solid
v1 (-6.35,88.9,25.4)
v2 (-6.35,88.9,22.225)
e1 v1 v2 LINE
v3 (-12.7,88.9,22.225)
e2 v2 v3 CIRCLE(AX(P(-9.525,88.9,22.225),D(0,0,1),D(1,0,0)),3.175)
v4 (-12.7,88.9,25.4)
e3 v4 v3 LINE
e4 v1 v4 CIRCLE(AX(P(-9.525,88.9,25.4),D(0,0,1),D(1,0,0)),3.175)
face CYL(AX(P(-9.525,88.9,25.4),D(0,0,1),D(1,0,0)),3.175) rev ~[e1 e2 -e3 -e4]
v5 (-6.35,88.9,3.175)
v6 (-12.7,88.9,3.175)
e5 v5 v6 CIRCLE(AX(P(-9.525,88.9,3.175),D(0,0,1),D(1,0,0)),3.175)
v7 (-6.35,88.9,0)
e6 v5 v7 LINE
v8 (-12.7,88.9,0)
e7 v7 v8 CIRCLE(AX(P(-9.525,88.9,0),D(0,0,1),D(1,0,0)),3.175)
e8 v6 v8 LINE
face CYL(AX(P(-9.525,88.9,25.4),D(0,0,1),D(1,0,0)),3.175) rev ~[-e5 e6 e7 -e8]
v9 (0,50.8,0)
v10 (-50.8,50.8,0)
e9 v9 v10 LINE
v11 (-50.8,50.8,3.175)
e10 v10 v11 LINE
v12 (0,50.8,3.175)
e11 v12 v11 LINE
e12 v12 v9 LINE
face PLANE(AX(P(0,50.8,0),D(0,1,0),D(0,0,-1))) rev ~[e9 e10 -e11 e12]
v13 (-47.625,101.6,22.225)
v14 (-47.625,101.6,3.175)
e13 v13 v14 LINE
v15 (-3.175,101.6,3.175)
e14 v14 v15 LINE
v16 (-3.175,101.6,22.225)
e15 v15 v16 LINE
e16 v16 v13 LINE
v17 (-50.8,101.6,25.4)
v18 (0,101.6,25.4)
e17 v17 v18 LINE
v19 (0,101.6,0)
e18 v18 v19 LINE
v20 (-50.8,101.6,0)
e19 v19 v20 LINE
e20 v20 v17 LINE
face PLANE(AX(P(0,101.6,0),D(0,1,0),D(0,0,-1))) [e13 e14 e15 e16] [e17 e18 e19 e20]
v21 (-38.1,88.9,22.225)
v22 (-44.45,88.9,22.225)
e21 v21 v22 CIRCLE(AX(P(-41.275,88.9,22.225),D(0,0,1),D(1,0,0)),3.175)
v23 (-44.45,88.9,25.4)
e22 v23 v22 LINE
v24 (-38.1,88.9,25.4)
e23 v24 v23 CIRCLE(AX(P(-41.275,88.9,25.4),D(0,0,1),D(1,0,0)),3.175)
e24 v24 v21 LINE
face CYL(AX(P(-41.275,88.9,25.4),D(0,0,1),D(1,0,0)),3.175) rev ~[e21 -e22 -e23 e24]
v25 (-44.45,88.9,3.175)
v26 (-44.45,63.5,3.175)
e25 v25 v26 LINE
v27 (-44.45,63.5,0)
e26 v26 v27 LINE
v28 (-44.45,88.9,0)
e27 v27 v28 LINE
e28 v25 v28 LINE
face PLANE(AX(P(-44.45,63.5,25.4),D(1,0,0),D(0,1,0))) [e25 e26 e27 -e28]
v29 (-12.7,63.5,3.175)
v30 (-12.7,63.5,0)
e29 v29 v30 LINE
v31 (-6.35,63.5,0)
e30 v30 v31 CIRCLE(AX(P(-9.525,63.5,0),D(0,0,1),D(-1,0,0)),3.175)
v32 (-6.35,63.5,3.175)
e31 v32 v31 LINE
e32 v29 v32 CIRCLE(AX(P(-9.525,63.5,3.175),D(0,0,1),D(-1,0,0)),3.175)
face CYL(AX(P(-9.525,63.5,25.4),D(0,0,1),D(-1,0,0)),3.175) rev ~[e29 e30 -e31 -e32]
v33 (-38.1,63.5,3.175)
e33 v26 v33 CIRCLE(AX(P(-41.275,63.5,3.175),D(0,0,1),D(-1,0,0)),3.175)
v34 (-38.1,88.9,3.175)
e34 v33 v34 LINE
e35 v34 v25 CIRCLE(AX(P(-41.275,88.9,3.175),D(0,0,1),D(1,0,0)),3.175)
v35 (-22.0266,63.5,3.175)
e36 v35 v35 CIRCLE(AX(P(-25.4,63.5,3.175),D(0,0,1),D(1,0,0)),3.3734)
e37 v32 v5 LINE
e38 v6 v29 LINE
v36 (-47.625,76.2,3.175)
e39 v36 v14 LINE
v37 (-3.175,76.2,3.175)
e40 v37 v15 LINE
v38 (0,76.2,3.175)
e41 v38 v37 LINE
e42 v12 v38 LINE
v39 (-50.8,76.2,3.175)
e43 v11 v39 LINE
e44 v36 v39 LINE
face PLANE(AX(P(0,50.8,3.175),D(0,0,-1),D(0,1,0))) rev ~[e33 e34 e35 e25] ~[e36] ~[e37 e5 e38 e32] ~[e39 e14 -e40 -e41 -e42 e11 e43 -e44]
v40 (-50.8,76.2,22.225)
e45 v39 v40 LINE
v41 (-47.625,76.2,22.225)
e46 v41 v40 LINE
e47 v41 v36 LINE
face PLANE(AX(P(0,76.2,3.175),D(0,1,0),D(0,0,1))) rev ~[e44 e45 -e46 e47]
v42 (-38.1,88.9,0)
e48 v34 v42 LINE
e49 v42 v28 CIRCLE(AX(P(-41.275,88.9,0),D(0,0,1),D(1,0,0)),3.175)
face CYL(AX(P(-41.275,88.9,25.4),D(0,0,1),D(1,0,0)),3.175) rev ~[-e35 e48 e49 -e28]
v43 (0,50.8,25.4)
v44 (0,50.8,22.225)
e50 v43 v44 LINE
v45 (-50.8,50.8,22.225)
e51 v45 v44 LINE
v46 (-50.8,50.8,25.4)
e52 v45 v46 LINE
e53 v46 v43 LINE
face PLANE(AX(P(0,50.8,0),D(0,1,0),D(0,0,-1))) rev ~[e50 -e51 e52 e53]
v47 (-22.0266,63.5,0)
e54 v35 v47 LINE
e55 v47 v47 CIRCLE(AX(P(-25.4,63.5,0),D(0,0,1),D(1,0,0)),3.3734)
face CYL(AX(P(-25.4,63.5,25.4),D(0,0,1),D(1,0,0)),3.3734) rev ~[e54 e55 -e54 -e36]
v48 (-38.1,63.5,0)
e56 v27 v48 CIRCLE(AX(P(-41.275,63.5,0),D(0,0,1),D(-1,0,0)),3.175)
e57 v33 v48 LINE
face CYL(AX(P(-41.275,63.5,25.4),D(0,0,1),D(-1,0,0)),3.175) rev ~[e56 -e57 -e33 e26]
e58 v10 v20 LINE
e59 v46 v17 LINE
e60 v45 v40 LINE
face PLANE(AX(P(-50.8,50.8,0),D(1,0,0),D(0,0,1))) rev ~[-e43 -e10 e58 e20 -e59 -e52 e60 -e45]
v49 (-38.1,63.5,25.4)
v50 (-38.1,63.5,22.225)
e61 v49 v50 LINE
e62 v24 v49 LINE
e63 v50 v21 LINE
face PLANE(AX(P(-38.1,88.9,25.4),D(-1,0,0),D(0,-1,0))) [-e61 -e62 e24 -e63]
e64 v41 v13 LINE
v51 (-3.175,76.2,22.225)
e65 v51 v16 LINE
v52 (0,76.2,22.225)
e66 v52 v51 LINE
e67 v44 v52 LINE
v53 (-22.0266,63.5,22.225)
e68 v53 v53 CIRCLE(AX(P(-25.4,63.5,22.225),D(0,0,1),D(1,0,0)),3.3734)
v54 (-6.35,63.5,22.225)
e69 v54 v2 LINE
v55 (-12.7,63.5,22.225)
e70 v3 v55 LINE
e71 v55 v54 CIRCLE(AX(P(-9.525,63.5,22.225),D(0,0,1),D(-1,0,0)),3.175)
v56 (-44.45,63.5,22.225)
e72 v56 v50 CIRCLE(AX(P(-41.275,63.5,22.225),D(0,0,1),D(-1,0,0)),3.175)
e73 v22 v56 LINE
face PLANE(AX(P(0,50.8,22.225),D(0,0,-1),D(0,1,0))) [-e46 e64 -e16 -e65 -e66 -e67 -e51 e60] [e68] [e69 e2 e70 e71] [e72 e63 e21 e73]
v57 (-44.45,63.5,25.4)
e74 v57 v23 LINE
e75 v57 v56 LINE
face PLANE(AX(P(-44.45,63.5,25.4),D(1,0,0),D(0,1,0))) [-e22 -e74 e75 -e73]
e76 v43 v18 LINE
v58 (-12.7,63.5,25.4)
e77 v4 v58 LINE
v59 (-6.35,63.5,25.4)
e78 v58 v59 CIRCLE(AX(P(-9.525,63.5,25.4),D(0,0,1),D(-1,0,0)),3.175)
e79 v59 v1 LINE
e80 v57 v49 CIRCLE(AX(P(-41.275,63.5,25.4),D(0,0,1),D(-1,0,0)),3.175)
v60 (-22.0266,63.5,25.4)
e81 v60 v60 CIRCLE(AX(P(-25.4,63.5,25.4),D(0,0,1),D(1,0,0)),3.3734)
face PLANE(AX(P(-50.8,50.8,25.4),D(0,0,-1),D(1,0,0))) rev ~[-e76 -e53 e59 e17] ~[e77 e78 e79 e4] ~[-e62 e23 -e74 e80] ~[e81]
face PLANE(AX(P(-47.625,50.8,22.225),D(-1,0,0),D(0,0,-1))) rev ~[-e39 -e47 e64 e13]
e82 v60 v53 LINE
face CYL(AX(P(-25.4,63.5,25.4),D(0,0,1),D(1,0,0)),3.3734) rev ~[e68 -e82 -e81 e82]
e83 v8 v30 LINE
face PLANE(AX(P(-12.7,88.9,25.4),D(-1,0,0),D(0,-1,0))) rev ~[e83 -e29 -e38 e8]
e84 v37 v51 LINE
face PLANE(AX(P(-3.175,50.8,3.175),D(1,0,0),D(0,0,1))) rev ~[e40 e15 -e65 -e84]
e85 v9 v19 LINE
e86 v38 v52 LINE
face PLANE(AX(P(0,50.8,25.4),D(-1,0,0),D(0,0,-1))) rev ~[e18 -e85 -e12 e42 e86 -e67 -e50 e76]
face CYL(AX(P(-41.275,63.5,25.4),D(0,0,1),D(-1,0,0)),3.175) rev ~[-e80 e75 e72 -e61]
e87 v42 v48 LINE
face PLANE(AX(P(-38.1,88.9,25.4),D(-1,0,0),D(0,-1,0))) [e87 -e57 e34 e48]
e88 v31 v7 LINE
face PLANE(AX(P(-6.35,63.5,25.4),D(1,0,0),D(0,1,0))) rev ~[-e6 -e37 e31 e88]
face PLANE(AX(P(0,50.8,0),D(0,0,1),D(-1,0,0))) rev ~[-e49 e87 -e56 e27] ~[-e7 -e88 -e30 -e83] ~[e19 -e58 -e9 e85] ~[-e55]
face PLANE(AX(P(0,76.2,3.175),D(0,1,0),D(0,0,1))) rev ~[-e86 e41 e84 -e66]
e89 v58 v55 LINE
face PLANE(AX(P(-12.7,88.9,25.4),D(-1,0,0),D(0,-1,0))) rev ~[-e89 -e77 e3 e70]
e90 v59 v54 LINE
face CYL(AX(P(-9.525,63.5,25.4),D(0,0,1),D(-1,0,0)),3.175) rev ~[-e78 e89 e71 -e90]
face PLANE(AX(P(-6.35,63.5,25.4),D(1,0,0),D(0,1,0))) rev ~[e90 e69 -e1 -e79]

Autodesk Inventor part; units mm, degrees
ref_plane "YZ Plane" through (0, 0, 0) normal (1, 0, 0) x (0, 1, 0)
ref_plane "XZ Plane" through (0, 0, 0) normal (0, 1, 0) x (-1, 0, 0)
ref_plane "XY Plane" through (0, 0, 0) normal (0, 0, 1) x (1, 0, 0)
ref_plane "Work Plane1" through (0, 50.8, 0) normal (0, 1, 0) x (0, 0, -1)
sketch "Sketch1" plane through (0, 50.8, 0) normal (0, 1, 0) x (0, 0, -1)
  line L0 (0, 50.8) -> (-25.4, 50.8)
  line L1 (-25.4, 50.8) -> (-25.4, 0)
  line L2 (-25.4, 0) -> (0, 0)
  line L3 (0, 0) -> (0, 50.8)
  line L4 (-3.175, 3.175) -> (-22.225, 3.175)
  line L5 (-22.225, 3.175) -> (-22.225, 47.625)
  line L6 (-22.225, 47.625) -> (-3.175, 47.625)
  line L7 (-3.175, 47.625) -> (-3.175, 3.175)
  point P0 (0, 0)
  dimension "d0" = 25.4
  dimension "d1" = 50.8
  dimension "d9" = 3.175
extrude "Extrusion3" add sketch "Sketch1" along normal blind 50.8
sketch "Sketch3" plane through (-50.8, 50.8, 25.4) normal (0, 0, 1) x (1, 0, 0)
  circle A0 centre (25.4, 12.7) radius 3.3734
  line L0 (0, 0) -> (50.8, 0) projected
  line L1 (0, 0) -> (0, 50.8) projected
  line L2 (41.275, 38.1) -> (41.275, 12.7) construction
  line L3 (38.1, 38.1) -> (38.1, 12.7)
  line L4 (44.45, 12.7) -> (44.45, 38.1)
  arc A1 (44.45, 38.1) -> (38.1, 38.1) centre (41.275, 38.1) ccw
  arc A2 (38.1, 12.7) -> (44.45, 12.7) centre (41.275, 12.7) ccw
  line L5 (50.8, 0) -> (50.8, 50.8) projected
  line L6 (3.175, 0) -> (47.625, 0) construction
  line L7 (25.4, 0) -> (25.4, 50.8) construction
  line L8 (47.625, 50.8) -> (3.175, 50.8) construction
  line L9 (12.7, 38.1) -> (12.7, 12.7)
  line L10 (6.35, 12.7) -> (6.35, 38.1)
  arc A3 (12.7, 38.1) -> (6.35, 38.1) centre (9.525, 38.1) ccw
  arc A4 (6.35, 12.7) -> (12.7, 12.7) centre (9.525, 12.7) ccw
  point P0 (50.8, -50.8)
  point P1 (41.275, 25.4)
  dimension "d12" = 6.7469
  dimension "d13" = 12.7
  dimension "d14" = 25.4
  dimension "d20" = 6.35
  dimension "d21" = 25.4
  dimension "d22" = 9.525
  dimension "d23" = 25.4
extrude "Extrusion4" cut sketch "Sketch3" against normal blind 25.4
sketch "Sketch4" plane through (0, 50.8, 25.4) normal (1, 0, 0) x (0, 0, -1)
  line L0 (3.175, 0) -> (3.175, 50.8) projected
  line L1 (22.225, 0) -> (22.225, 50.8) projected
  line L2 (3.175, 0) -> (22.225, 0)
  line L3 (22.225, 0) -> (22.225, 25.4)
  line L4 (22.225, 25.4) -> (3.175, 25.4)
  line L5 (3.175, 25.4) -> (3.175, 0)
  point P0 (25.4, -50.8)
  dimension "d17" = 25.4
extrude "Extrusion5" cut sketch "Sketch4" against normal blind 50.8
properties part number "block"
